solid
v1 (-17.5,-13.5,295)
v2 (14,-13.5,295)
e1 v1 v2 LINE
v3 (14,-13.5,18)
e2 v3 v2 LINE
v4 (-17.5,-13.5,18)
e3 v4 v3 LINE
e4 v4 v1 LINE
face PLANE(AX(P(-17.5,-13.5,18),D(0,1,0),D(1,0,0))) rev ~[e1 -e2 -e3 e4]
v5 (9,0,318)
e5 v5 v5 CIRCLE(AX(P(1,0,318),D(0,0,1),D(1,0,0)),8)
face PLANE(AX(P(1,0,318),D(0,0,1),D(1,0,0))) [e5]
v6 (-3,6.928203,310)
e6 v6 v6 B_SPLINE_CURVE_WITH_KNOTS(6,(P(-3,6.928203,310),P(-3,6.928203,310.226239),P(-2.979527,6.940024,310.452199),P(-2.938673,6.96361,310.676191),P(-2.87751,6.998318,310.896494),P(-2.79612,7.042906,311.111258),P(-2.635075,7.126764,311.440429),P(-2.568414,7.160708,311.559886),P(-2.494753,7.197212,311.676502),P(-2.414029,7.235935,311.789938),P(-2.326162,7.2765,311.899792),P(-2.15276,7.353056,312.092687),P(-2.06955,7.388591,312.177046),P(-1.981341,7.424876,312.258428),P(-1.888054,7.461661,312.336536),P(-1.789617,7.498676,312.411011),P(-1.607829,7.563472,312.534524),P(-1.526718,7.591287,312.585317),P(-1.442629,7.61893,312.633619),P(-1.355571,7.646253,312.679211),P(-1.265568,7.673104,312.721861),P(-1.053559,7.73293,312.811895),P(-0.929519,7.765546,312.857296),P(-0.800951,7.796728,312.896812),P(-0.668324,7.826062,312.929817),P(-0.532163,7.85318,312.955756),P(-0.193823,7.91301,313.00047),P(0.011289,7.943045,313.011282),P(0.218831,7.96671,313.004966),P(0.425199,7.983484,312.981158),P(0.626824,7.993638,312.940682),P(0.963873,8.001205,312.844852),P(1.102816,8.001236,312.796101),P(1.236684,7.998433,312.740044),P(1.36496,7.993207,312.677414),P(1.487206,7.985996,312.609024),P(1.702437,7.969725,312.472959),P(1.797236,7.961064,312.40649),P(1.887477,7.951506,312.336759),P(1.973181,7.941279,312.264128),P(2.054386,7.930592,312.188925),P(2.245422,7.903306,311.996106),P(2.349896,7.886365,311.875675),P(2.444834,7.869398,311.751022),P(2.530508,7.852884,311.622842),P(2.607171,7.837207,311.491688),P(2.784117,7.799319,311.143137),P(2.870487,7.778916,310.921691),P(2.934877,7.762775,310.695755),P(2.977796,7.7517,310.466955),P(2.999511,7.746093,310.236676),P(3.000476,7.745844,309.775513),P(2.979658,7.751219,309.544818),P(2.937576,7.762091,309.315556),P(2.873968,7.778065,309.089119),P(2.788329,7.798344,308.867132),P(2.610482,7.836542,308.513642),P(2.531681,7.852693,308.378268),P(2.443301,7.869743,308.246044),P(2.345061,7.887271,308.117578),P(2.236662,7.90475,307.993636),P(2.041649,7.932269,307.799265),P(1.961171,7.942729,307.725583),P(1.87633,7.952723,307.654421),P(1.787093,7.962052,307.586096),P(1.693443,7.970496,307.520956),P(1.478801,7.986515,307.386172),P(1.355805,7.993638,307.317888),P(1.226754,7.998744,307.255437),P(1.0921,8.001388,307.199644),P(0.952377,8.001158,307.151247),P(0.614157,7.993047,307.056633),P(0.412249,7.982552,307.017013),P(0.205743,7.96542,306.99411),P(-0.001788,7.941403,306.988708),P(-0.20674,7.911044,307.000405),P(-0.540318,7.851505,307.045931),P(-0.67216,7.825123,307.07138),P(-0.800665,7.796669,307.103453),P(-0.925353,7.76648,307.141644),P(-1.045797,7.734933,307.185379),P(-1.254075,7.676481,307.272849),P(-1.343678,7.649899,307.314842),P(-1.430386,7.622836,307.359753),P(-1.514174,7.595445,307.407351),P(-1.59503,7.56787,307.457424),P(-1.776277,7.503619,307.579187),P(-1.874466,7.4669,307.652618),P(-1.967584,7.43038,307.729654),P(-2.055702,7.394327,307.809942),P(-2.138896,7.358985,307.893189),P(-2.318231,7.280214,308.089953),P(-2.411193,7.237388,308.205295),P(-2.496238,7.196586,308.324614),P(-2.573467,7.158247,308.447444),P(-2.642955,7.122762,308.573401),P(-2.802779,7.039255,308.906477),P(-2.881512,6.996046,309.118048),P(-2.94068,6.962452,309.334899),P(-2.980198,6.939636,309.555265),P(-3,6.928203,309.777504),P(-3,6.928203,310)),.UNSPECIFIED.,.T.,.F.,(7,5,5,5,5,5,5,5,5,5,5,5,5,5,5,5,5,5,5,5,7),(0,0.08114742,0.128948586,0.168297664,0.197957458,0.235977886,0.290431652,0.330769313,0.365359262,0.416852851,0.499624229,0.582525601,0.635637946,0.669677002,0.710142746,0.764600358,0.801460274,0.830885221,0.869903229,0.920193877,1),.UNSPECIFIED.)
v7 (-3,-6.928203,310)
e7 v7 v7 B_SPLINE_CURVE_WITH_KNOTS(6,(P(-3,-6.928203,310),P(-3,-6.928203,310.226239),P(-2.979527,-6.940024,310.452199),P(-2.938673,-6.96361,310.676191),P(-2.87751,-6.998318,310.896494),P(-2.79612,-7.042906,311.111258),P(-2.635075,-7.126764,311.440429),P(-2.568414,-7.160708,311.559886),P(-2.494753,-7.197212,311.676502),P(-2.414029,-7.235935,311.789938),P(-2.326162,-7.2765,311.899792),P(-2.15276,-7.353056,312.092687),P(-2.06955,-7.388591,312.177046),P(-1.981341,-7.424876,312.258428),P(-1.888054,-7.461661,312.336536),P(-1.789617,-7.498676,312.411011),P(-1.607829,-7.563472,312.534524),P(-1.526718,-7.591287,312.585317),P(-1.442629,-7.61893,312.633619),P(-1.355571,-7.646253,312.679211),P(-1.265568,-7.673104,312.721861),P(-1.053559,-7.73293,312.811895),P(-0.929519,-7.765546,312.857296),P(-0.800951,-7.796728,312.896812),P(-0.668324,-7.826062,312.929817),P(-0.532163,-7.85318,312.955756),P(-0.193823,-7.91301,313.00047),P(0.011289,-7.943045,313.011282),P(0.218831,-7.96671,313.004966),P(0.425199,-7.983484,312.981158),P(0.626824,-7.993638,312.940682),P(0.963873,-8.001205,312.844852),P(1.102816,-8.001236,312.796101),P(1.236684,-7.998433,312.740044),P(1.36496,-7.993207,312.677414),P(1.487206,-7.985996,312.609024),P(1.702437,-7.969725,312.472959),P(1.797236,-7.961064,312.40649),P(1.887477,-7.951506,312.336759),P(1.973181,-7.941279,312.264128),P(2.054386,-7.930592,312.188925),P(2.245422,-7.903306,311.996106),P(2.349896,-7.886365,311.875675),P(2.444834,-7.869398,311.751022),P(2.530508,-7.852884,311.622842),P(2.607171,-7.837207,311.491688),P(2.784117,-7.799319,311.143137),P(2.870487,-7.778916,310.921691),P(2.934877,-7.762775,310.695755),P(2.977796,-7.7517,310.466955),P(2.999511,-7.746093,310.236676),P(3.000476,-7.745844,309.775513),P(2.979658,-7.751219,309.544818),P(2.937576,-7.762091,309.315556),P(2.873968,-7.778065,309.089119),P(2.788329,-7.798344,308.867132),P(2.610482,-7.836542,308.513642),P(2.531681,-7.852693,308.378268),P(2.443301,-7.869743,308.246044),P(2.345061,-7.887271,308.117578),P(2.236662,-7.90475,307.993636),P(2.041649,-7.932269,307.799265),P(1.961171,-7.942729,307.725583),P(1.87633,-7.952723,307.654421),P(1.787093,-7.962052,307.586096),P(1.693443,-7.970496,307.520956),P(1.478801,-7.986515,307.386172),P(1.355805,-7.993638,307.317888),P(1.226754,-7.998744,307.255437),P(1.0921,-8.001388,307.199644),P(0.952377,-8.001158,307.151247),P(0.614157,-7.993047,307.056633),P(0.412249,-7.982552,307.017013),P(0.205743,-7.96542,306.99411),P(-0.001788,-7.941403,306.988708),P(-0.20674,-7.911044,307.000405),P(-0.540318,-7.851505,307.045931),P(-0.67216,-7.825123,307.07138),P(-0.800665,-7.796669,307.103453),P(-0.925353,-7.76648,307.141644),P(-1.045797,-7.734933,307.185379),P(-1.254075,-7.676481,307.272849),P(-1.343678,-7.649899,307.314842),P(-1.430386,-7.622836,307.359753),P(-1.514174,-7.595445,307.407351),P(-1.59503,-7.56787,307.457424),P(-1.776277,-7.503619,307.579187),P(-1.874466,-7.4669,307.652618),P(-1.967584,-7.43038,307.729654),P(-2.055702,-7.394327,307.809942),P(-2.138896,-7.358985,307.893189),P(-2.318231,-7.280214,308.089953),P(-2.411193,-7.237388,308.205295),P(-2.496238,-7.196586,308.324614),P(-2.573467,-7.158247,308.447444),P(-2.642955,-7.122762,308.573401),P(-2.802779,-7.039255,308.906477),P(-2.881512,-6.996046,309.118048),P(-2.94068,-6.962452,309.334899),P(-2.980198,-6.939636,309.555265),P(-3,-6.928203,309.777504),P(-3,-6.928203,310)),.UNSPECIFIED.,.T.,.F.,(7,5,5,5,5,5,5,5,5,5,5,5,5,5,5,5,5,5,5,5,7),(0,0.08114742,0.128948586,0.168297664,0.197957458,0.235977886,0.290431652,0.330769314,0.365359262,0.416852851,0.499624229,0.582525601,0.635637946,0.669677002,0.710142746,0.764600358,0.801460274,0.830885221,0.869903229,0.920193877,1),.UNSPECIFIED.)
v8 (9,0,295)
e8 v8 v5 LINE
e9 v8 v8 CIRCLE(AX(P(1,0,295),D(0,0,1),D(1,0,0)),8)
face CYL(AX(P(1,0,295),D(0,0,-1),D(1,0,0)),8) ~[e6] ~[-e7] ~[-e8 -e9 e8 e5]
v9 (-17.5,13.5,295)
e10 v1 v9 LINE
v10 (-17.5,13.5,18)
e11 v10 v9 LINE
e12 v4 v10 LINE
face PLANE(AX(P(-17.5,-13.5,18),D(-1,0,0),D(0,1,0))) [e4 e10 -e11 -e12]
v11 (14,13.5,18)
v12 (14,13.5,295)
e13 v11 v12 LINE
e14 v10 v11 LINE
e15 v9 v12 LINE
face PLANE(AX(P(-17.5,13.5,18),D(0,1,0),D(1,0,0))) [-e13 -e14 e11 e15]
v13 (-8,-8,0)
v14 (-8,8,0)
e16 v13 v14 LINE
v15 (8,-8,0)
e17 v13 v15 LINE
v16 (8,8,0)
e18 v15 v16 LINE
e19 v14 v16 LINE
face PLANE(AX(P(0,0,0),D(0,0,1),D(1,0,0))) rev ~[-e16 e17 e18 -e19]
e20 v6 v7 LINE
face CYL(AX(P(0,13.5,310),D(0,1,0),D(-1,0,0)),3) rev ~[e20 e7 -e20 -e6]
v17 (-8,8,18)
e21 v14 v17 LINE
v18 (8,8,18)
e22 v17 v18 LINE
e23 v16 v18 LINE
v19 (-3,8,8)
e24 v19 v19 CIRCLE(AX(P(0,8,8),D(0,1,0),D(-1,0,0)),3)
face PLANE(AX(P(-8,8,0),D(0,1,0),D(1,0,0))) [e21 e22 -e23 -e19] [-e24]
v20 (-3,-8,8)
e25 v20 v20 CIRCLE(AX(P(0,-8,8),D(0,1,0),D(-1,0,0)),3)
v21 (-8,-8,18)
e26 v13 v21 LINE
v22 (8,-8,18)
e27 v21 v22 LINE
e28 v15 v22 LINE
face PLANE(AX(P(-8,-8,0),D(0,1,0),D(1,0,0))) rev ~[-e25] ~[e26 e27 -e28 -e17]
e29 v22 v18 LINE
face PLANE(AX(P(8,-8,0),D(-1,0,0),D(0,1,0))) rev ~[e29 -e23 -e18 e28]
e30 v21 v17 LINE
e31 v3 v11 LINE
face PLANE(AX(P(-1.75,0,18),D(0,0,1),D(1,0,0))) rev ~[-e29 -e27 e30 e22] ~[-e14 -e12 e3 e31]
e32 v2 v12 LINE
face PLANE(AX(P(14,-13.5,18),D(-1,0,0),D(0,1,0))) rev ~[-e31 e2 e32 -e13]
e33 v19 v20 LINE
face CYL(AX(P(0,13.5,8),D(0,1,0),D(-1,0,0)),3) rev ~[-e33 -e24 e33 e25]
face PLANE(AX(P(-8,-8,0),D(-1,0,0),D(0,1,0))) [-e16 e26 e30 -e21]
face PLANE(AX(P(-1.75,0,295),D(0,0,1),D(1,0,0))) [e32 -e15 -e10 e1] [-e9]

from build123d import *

# Parameters (mm, degrees)
F0_W     = 16
F0_H     = 16
F1_DEPTH = 18
F2_W     = 31.5
F2_H     = 27
F2_W_2   = 16
F2_H_2   = 16
F3_DEPTH = 277
F4_R     = 8
F5_DEPTH = 23
F6_R     = 3
F7_DEPTH = 25


with BuildPart() as f1:
    # F0 (on Top) → F1 (new body)
    with BuildSketch(Plane.XY):
        Rectangle(F0_W, F0_H)
    extrude(amount=F1_DEPTH)

    # F2 (on face) → F3 (join)
    with BuildSketch(Plane.XY.offset(18)):
        with Locations((-1.75, 0)):
            Rectangle(F2_W, F2_H)
        Rectangle(F2_W_2, F2_H_2, mode=Mode.SUBTRACT)
        Rectangle(F2_W_2, F2_H_2)
    extrude(amount=F3_DEPTH)

    # F4 (on face) → F5 (join)
    with BuildSketch(Plane.XY.offset(295)):
        with Locations((1, 0)):
            Circle(F4_R)
    extrude(amount=F5_DEPTH)

    # F6 (on face) → F7 (cut)
    with BuildSketch(Plane(origin=(0, 13.5, 0), x_dir=(-1, 0, 0), z_dir=(0, 1, 0))):
        with Locations((0, 8)):
            Circle(F6_R)
        with Locations((0, 310)):
            Circle(F6_R)
    extrude(amount=-F7_DEPTH, mode=Mode.SUBTRACT)


solid = f1.part
